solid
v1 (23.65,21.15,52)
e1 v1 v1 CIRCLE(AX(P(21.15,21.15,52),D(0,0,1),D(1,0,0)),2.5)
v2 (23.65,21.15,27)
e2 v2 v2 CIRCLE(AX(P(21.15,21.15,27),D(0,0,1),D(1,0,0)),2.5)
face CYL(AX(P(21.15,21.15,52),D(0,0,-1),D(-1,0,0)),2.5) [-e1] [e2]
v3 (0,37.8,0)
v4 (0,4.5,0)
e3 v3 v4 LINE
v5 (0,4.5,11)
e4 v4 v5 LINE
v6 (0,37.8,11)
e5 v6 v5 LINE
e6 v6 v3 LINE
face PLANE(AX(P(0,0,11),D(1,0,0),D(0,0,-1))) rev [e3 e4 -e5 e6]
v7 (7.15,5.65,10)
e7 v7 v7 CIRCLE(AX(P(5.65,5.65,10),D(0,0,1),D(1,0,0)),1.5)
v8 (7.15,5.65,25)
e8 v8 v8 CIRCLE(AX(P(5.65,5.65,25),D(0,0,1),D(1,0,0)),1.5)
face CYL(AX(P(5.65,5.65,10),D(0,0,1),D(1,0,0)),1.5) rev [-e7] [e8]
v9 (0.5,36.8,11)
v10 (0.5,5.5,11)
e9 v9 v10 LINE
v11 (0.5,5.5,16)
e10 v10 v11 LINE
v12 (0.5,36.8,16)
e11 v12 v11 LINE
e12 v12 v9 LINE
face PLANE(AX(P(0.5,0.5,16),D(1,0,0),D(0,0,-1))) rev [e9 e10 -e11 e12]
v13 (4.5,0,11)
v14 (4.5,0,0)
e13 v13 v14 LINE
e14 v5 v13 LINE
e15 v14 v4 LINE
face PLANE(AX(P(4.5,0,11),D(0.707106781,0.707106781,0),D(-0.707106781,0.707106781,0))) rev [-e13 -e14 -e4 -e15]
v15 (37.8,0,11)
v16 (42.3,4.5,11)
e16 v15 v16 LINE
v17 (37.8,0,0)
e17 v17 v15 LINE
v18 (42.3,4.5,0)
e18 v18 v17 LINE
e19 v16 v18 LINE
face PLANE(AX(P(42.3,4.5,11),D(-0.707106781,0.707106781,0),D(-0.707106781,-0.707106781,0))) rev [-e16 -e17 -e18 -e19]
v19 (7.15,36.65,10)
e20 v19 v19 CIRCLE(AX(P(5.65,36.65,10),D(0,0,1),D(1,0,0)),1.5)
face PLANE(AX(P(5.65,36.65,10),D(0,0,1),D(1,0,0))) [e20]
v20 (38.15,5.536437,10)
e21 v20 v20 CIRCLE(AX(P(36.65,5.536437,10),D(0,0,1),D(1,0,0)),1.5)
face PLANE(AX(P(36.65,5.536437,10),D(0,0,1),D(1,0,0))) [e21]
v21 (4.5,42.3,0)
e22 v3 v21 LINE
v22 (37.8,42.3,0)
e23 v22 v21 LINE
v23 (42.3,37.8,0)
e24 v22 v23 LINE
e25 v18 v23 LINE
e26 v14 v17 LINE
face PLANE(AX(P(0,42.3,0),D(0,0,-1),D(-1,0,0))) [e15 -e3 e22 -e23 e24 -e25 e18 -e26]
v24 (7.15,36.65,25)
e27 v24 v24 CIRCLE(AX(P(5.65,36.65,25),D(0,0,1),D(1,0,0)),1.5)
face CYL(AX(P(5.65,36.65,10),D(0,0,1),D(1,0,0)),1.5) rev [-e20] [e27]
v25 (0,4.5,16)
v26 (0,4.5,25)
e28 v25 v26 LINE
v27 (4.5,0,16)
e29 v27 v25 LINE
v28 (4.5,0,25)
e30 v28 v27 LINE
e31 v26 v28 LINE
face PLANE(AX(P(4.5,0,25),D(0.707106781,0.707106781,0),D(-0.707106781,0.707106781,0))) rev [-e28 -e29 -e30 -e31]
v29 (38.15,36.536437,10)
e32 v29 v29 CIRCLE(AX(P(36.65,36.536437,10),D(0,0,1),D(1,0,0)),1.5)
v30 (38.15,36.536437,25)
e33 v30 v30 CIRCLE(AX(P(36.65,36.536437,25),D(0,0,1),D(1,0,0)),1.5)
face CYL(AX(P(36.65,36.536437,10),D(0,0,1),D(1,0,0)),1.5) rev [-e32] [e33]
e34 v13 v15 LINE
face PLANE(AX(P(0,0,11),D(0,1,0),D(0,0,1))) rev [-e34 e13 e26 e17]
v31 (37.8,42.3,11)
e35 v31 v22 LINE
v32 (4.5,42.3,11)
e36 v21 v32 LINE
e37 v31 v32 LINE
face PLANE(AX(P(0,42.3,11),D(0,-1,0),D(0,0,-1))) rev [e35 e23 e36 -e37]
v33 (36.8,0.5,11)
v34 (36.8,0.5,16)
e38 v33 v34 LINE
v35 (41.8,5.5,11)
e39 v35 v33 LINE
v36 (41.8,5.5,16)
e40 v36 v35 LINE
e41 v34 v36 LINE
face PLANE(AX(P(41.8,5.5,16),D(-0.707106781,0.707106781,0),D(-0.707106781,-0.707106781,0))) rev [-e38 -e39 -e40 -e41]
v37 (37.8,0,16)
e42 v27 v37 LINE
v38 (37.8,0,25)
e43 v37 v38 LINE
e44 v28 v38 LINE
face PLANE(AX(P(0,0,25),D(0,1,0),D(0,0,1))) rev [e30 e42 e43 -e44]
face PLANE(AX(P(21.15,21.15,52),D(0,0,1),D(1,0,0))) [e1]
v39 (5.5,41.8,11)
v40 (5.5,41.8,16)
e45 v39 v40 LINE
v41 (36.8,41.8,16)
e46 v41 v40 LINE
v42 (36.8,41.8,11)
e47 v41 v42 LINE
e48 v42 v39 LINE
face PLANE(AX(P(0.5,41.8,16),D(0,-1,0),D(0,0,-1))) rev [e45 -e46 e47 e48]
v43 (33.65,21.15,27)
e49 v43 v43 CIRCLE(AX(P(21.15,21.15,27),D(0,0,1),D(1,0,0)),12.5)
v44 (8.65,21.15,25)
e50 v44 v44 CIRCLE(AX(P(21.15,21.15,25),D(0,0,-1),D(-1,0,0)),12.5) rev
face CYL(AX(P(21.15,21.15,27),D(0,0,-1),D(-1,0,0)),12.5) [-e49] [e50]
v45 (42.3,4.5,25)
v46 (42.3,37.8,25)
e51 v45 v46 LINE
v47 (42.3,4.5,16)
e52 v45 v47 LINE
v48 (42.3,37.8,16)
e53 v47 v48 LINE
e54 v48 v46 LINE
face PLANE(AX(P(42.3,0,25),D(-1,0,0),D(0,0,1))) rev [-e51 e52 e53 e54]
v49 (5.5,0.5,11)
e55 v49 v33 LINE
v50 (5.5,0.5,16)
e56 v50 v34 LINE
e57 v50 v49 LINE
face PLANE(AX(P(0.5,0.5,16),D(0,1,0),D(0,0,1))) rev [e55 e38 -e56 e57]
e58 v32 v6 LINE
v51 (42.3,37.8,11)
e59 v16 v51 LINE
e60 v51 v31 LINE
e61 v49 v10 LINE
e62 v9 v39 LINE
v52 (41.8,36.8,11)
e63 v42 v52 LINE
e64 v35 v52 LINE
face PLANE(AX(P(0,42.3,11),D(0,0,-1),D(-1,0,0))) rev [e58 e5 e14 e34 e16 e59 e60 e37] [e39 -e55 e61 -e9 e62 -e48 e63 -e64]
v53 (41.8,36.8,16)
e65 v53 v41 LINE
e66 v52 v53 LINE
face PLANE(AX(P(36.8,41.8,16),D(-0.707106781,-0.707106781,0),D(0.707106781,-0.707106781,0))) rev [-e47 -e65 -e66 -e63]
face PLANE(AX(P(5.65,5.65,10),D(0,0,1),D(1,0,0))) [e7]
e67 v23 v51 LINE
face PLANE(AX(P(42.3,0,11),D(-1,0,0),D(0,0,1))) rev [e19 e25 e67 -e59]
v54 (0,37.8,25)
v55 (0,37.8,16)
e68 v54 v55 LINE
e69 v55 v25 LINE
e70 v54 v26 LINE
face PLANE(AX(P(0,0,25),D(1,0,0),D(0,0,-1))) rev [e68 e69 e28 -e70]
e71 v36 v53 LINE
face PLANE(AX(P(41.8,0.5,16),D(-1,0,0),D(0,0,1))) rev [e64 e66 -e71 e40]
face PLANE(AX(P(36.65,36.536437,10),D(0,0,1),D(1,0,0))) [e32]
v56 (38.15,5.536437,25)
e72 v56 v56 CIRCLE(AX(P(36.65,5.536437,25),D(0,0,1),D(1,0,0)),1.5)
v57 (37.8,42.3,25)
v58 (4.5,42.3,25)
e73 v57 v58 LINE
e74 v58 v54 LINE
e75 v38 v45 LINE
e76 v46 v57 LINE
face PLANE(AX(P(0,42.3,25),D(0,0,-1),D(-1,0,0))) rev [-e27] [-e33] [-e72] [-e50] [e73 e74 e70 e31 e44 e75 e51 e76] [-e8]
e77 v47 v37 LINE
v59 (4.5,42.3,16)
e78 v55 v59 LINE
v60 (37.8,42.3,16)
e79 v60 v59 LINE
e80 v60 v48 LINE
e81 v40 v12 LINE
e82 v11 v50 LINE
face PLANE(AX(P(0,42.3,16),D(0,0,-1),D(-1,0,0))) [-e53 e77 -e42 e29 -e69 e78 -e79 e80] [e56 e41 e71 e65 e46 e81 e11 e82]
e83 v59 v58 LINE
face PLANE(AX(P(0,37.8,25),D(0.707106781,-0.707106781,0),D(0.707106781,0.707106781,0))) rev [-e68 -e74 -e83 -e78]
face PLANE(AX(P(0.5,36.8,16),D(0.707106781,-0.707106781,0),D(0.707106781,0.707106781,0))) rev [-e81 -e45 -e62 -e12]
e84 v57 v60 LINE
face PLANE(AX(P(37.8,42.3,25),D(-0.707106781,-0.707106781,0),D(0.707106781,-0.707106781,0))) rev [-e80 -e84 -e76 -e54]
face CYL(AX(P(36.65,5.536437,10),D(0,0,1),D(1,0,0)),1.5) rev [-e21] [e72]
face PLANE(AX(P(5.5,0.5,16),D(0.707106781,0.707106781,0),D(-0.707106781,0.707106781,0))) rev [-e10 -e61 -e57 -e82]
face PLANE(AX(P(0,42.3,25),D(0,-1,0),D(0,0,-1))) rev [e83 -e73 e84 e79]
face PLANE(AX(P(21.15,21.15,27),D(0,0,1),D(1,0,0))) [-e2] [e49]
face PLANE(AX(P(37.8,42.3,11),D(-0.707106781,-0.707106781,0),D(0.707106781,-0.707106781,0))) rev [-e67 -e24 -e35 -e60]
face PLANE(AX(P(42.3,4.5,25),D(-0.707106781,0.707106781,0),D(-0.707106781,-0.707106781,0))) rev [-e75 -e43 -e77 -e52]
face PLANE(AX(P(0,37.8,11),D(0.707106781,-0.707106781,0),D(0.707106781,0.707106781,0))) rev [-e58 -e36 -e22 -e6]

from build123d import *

# Parameters (mm, degrees)
ESQUISSE1_W             = 42.3
ESQUISSE1_H             = 42.3
BOSS_EXTRU_1_DEPTH      = 11
ESQUISSE2_W             = 41.3
ESQUISSE2_H             = 41.3
BOSS_EXTRU_2_DEPTH      = 5
ESQUISSE3_W             = 42.3
ESQUISSE3_H             = 42.3
BOSS_EXTRU_3_DEPTH      = 9
ESQUISSE4_R             = 12.5
BOSS_EXTRU_4_DEPTH      = 2
ESQUISSE5_R             = 2.5
BOSS_EXTRU_5_DEPTH      = 25
ESQUISSE6_R             = 1.5
ENL_V_MAT_EXTRU_1_DEPTH = 15
CHANFREIN2_SIZE         = 5
CHANFREIN3_SIZE         = 4.5


with BuildPart() as part:
    # Esquisse1 → Boss.-Extru.1 (new body)
    with BuildSketch(Plane.XY):
        with Locations((21.15, 21.15)):
            Rectangle(ESQUISSE1_W, ESQUISSE1_H)
    extrude(amount=BOSS_EXTRU_1_DEPTH)

    # Esquisse2 → Boss.-Extru.2 (add)
    with BuildSketch(Plane.XY.offset(11)):
        with Locations((21.15, 21.15)):
            Rectangle(ESQUISSE2_W, ESQUISSE2_H)
    extrude(amount=BOSS_EXTRU_2_DEPTH)

    # Esquisse3 → Boss.-Extru.3 (add)
    with BuildSketch(Plane.XY.offset(16)):
        with Locations((21.15, 21.15)):
            Rectangle(ESQUISSE3_W, ESQUISSE3_H)
    extrude(amount=BOSS_EXTRU_3_DEPTH)

    # Esquisse4 → Boss.-Extru.4 (add)
    with BuildSketch(Plane.XY.offset(25)):
        with Locations(Location((21.15, 21.15, 0), (0, 0, 180))):  # turned: the seam where the file's is
            Circle(ESQUISSE4_R)
    extrude(amount=BOSS_EXTRU_4_DEPTH)

    # Esquisse5 → Boss.-Extru.5 (add)
    with BuildSketch(Plane.XY.offset(27)):
        with Locations((21.15, 21.15)):
            Circle(ESQUISSE5_R)
    extrude(amount=BOSS_EXTRU_5_DEPTH)

    # Esquisse6 → Enlèv. mat.-Extru.1 (cut)
    with BuildSketch(Plane.XY.offset(25)):
        with Locations((5.65, 36.65)):
            Circle(ESQUISSE6_R)
        with Locations((5.65, 5.65)):
            Circle(ESQUISSE6_R)
        with Locations((36.65, 5.536437172)):
            Circle(ESQUISSE6_R)
        with Locations((36.65, 36.536437172)):
            Circle(ESQUISSE6_R)
    extrude(amount=-ENL_V_MAT_EXTRU_1_DEPTH, mode=Mode.SUBTRACT)

    # Chanfrein2
    chanfrein2_edges = [part.edges().sort_by_distance(p)[0] for p in [
        (0.5, 41.8, 13.5),
        (0.5, 0.5, 13.5),
        (41.8, 0.5, 13.5),
        (41.8, 41.8, 13.5),
    ]]
    chamfer(chanfrein2_edges, length=CHANFREIN2_SIZE)

    # Chanfrein3
    chanfrein3_edges = [part.edges().sort_by_distance(p)[0] for p in [
        (0, 42.3, 20.5),
        (0, 0, 20.5),
        (42.3, 0, 20.5),
        (42.3, 42.3, 20.5),
        (0, 42.3, 5.5),
        (42.3, 42.3, 5.5),
        (42.3, 0, 5.5),
        (0, 0, 5.5),
    ]]
    chamfer(chanfrein3_edges, length=CHANFREIN3_SIZE)


solid = part.part
